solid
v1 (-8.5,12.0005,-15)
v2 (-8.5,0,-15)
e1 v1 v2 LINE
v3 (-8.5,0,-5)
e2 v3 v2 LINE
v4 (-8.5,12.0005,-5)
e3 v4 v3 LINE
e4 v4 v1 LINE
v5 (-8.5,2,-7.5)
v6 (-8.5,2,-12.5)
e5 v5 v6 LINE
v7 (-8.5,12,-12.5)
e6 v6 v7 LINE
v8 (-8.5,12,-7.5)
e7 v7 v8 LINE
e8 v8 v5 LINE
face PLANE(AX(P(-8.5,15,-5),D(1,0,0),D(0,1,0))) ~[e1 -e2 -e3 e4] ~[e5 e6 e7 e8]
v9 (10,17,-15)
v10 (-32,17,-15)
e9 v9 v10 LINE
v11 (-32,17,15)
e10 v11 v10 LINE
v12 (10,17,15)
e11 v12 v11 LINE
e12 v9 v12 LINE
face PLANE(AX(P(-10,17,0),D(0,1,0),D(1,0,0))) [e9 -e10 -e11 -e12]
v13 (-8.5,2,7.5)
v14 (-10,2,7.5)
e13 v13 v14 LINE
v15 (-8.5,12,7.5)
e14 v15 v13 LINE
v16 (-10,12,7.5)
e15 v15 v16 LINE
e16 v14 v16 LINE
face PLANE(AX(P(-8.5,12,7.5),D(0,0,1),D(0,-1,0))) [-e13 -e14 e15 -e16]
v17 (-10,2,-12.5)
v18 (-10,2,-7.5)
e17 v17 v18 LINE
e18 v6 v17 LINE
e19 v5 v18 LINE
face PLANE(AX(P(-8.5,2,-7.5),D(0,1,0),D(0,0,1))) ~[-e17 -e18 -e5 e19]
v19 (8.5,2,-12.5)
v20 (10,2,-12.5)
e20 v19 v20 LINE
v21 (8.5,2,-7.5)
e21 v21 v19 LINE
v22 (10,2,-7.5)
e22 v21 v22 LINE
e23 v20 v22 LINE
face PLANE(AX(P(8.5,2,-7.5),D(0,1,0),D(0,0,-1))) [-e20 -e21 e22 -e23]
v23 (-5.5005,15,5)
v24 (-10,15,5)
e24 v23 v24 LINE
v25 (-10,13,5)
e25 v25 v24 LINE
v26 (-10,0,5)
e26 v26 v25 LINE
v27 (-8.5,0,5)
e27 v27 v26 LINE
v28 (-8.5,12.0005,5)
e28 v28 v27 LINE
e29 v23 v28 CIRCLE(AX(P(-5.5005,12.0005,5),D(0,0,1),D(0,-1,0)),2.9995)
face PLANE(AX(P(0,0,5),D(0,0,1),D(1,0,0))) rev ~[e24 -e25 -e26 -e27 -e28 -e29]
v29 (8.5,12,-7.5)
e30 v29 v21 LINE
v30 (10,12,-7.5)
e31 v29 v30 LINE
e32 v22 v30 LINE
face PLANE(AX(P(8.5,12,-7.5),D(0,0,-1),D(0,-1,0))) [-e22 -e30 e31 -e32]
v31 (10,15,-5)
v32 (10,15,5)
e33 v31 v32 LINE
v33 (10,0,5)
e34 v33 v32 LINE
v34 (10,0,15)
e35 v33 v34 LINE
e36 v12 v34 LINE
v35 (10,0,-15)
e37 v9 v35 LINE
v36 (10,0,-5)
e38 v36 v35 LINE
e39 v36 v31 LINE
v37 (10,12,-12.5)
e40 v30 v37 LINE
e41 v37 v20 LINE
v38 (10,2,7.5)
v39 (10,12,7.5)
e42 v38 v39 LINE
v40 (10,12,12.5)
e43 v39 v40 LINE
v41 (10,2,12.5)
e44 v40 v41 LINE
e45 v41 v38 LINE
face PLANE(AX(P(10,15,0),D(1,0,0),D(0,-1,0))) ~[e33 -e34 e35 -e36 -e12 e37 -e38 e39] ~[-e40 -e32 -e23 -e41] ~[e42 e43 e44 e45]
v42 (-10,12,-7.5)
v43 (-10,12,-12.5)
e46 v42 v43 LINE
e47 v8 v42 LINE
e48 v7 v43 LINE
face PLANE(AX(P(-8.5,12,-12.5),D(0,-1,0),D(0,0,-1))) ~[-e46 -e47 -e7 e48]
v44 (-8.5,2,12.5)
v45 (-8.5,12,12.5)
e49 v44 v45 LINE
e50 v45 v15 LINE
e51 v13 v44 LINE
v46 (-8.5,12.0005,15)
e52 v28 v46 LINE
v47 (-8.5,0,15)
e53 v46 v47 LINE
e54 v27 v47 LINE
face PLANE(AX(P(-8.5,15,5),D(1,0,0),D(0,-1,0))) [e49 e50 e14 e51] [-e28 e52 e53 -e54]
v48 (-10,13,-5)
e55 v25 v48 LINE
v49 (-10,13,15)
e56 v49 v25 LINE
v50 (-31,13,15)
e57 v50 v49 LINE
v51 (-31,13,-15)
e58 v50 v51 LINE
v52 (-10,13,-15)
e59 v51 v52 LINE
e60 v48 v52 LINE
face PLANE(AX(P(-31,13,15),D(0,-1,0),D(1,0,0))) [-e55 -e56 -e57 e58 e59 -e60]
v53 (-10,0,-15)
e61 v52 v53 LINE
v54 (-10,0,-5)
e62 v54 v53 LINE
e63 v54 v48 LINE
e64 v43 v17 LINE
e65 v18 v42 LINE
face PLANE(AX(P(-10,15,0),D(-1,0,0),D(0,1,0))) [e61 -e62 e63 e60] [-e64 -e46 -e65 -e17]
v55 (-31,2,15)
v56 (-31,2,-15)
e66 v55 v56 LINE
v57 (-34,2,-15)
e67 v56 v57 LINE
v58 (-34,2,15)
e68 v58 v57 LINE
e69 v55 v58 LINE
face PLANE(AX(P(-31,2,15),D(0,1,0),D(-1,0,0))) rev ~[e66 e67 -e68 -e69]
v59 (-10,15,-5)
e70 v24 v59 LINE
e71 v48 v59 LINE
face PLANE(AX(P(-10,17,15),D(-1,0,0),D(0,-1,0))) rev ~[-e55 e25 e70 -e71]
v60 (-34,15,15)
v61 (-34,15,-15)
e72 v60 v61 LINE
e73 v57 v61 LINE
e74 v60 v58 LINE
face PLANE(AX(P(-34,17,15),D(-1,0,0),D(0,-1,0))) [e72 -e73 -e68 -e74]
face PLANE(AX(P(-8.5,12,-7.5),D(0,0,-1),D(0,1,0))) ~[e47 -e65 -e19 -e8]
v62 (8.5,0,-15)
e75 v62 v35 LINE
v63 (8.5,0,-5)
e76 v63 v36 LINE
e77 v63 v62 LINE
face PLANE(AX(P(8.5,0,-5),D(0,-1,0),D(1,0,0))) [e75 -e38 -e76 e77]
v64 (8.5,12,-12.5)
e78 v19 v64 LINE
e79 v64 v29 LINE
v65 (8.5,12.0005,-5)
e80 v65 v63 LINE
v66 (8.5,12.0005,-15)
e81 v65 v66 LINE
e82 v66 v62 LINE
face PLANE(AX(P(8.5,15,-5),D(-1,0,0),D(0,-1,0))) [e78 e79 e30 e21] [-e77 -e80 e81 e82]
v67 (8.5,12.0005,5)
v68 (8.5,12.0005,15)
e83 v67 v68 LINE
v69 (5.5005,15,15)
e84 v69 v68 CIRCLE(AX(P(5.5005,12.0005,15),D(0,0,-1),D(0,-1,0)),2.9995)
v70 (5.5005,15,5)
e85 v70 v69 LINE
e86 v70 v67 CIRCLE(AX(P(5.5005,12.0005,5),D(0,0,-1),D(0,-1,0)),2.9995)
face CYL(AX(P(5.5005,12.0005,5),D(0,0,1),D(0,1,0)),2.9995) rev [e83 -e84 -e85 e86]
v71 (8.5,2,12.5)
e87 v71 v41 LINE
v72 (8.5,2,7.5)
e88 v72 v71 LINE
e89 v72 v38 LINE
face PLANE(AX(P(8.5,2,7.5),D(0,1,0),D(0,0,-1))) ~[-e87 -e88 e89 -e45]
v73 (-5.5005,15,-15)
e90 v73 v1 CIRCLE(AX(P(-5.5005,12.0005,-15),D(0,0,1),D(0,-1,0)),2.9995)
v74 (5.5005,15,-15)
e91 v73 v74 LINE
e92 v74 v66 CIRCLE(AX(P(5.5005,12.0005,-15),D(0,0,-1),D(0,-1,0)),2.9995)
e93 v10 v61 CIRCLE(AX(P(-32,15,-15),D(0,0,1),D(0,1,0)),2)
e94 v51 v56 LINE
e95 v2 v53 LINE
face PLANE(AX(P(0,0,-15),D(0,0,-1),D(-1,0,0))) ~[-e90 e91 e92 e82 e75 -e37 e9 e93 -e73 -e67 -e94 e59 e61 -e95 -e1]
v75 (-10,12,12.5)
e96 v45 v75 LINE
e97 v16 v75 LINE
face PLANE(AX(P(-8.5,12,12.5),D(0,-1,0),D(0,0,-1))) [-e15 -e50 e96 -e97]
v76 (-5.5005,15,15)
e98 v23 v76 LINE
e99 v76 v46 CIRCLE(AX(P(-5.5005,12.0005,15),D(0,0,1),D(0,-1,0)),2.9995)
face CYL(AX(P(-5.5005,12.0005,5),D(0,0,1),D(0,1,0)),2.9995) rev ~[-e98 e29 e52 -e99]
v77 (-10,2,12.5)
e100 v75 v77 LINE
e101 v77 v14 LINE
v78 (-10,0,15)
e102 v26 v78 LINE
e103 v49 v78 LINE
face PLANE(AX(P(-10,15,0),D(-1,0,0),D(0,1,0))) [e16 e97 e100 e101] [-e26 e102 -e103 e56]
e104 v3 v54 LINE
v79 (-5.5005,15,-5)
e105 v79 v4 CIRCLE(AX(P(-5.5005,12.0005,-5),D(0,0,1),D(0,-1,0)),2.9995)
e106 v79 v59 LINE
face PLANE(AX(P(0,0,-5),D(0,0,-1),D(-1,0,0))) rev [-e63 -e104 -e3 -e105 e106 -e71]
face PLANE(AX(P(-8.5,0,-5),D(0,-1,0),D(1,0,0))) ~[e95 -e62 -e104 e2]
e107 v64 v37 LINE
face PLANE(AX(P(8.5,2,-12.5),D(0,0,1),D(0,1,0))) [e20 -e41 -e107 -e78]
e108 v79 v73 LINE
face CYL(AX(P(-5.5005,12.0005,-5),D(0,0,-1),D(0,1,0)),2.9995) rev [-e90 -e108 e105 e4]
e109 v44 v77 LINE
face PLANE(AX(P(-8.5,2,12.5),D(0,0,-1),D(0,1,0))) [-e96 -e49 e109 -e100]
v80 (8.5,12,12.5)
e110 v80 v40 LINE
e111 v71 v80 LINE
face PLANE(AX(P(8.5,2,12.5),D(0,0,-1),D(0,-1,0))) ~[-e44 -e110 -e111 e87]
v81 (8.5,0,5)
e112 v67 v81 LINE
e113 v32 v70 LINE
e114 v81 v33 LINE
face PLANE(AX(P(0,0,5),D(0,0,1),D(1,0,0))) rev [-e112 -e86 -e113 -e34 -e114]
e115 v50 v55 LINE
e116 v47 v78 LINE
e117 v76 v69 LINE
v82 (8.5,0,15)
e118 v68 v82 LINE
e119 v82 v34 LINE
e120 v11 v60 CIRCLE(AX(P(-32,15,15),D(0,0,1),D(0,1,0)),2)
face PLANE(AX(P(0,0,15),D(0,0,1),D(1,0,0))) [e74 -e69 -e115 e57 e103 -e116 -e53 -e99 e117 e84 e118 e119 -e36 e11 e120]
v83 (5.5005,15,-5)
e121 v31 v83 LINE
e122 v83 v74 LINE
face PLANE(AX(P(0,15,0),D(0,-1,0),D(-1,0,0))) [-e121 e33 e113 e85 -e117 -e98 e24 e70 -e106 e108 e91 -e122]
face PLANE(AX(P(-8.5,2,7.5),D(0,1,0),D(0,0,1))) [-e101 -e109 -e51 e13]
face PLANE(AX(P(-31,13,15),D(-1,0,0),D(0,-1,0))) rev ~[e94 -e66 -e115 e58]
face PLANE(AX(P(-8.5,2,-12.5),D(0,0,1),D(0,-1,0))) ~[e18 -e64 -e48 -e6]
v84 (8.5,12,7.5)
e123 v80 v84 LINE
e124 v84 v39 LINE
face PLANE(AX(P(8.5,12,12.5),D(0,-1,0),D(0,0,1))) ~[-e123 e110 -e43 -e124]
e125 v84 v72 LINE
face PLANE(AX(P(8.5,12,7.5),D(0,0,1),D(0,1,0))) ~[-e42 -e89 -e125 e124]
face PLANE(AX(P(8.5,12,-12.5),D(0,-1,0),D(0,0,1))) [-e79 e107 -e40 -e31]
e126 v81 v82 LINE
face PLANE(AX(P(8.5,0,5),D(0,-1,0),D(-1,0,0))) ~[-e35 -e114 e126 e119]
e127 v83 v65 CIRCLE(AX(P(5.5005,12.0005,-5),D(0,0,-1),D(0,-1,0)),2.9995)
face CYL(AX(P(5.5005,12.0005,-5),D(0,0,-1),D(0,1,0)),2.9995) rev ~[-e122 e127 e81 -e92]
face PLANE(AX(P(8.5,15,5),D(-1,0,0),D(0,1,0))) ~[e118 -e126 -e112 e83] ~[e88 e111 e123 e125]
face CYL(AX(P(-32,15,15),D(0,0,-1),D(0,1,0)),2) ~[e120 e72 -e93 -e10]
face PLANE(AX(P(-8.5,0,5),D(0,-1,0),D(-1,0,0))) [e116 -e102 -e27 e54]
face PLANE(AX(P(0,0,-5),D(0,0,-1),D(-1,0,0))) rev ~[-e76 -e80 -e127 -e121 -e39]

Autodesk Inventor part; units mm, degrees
ref_plane "YZ Plane" through (0, 0, 0) normal (1, 0, 0) x (0, 1, 0)
ref_plane "XZ Plane" through (0, 0, 0) normal (0, 1, 0) x (-1, 0, 0)
ref_plane "XY Plane" through (0, 0, 0) normal (0, 0, 1) x (1, 0, 0)
sketch "スケッチ1" plane through (0, 0, 0) normal (0, 0, 1) x (1, 0, 0)
  line L0 (-10, 17) -> (0, 17)
  line L1 (0, 17) -> (0, 15)
  line L2 (0, 15) -> (-10, 15)
  line L3 (-10, 15) -> (-10, 17)
  line L4 (0, -3.4) -> (0, 20.4) projected
  point P0 (0, 0)
  dimension "d0" = 10
  dimension "d1" = 2
  dimension "d2" = 15
extrude "押し出し1" add sketch "スケッチ1" along normal blind 5
sketch "スケッチ2" plane through (0, 0, 5) normal (0, 0, 1) x (1, 0, 0)
  line L0 (0, 17) -> (-10, 17) projected
  line L1 (-10, 17) -> (-8.5, 17)
  line L2 (-8.5, 17) -> (-8.5, 0)
  line L3 (-8.5, 0) -> (-10, 0)
  line L4 (-10, 0) -> (-10, 17)
  line L5 (-10, 15) -> (0, 15) projected
  line L6 (0, 15) -> (0, 17) projected
  line L7 (0, 17) -> (-10, 17) projected
  line L8 (-10, 17) -> (-10, 15) projected
  point P0 (0, 0)
  point P1 (-8.5, 15)
  dimension "d5" = 1.5
extrude "押し出し2" add sketch "スケッチ2" along normal blind 10
sketch "スケッチ3" plane through (-8.5, 0, 5) normal (1, 0, 0) x (0, 0, -1)
  line L0 (-7.5, 12) -> (-2.5, 12)
  line L1 (-2.5, 12) -> (-2.5, 2)
  line L2 (-2.5, 2) -> (-7.5, 2)
  line L3 (-7.5, 2) -> (-7.5, 12)
  line L4 (0, 0) -> (-10, 0) projected
  line L5 (0, 15) -> (-10, 15) projected
  point P0 (5, 0)
  point P1 (-5, 2)
  point P2 (-5, 0)
  dimension "d8" = 2
  dimension "d9" = 5
  dimension "d13" = 3
extrude "押し出し3" cut sketch "スケッチ3" against normal through all
fillet "フィレット1" radius 3 1 edges at (-8.5, 15, 10)
mirror "ミラー1" about plane through (0, 15, 0) normal (1, 0, 0)
mirror "ミラー2" about plane through (-5, 16, 0) normal (0, 0, -1)
sketch "スケッチ4" plane through (0, 0, 15) normal (0, 0, 1) x (1, 0, 0)
  line L0 (-10, 17) -> (-10, 0) projected
  line L1 (-10, 17) -> (-34, 17)
  line L2 (-34, 17) -> (-34, 13)
  line L3 (-34, 13) -> (-10, 13)
  line L4 (-10, 13) -> (-10, 17)
  line L5 (-34, 17) -> (-31, 17)
  line L6 (-31, 17) -> (-31, 2)
  line L7 (-31, 2) -> (-34, 2)
  line L8 (-34, 2) -> (-34, 17)
  point P0 (0, 0)
  point P1 (-31, 13)
  dimension "d14" = 4
  dimension "d15" = 3
  dimension "d16" = 21
  dimension "d17" = 15
extrude "押し出し4" add sketch "スケッチ4" against normal up to surface (30 mm away)
fillet "フィレット2" radius 2 1 edges at (-34, 17, 0)
properties part number "connetcor_female_cover"
